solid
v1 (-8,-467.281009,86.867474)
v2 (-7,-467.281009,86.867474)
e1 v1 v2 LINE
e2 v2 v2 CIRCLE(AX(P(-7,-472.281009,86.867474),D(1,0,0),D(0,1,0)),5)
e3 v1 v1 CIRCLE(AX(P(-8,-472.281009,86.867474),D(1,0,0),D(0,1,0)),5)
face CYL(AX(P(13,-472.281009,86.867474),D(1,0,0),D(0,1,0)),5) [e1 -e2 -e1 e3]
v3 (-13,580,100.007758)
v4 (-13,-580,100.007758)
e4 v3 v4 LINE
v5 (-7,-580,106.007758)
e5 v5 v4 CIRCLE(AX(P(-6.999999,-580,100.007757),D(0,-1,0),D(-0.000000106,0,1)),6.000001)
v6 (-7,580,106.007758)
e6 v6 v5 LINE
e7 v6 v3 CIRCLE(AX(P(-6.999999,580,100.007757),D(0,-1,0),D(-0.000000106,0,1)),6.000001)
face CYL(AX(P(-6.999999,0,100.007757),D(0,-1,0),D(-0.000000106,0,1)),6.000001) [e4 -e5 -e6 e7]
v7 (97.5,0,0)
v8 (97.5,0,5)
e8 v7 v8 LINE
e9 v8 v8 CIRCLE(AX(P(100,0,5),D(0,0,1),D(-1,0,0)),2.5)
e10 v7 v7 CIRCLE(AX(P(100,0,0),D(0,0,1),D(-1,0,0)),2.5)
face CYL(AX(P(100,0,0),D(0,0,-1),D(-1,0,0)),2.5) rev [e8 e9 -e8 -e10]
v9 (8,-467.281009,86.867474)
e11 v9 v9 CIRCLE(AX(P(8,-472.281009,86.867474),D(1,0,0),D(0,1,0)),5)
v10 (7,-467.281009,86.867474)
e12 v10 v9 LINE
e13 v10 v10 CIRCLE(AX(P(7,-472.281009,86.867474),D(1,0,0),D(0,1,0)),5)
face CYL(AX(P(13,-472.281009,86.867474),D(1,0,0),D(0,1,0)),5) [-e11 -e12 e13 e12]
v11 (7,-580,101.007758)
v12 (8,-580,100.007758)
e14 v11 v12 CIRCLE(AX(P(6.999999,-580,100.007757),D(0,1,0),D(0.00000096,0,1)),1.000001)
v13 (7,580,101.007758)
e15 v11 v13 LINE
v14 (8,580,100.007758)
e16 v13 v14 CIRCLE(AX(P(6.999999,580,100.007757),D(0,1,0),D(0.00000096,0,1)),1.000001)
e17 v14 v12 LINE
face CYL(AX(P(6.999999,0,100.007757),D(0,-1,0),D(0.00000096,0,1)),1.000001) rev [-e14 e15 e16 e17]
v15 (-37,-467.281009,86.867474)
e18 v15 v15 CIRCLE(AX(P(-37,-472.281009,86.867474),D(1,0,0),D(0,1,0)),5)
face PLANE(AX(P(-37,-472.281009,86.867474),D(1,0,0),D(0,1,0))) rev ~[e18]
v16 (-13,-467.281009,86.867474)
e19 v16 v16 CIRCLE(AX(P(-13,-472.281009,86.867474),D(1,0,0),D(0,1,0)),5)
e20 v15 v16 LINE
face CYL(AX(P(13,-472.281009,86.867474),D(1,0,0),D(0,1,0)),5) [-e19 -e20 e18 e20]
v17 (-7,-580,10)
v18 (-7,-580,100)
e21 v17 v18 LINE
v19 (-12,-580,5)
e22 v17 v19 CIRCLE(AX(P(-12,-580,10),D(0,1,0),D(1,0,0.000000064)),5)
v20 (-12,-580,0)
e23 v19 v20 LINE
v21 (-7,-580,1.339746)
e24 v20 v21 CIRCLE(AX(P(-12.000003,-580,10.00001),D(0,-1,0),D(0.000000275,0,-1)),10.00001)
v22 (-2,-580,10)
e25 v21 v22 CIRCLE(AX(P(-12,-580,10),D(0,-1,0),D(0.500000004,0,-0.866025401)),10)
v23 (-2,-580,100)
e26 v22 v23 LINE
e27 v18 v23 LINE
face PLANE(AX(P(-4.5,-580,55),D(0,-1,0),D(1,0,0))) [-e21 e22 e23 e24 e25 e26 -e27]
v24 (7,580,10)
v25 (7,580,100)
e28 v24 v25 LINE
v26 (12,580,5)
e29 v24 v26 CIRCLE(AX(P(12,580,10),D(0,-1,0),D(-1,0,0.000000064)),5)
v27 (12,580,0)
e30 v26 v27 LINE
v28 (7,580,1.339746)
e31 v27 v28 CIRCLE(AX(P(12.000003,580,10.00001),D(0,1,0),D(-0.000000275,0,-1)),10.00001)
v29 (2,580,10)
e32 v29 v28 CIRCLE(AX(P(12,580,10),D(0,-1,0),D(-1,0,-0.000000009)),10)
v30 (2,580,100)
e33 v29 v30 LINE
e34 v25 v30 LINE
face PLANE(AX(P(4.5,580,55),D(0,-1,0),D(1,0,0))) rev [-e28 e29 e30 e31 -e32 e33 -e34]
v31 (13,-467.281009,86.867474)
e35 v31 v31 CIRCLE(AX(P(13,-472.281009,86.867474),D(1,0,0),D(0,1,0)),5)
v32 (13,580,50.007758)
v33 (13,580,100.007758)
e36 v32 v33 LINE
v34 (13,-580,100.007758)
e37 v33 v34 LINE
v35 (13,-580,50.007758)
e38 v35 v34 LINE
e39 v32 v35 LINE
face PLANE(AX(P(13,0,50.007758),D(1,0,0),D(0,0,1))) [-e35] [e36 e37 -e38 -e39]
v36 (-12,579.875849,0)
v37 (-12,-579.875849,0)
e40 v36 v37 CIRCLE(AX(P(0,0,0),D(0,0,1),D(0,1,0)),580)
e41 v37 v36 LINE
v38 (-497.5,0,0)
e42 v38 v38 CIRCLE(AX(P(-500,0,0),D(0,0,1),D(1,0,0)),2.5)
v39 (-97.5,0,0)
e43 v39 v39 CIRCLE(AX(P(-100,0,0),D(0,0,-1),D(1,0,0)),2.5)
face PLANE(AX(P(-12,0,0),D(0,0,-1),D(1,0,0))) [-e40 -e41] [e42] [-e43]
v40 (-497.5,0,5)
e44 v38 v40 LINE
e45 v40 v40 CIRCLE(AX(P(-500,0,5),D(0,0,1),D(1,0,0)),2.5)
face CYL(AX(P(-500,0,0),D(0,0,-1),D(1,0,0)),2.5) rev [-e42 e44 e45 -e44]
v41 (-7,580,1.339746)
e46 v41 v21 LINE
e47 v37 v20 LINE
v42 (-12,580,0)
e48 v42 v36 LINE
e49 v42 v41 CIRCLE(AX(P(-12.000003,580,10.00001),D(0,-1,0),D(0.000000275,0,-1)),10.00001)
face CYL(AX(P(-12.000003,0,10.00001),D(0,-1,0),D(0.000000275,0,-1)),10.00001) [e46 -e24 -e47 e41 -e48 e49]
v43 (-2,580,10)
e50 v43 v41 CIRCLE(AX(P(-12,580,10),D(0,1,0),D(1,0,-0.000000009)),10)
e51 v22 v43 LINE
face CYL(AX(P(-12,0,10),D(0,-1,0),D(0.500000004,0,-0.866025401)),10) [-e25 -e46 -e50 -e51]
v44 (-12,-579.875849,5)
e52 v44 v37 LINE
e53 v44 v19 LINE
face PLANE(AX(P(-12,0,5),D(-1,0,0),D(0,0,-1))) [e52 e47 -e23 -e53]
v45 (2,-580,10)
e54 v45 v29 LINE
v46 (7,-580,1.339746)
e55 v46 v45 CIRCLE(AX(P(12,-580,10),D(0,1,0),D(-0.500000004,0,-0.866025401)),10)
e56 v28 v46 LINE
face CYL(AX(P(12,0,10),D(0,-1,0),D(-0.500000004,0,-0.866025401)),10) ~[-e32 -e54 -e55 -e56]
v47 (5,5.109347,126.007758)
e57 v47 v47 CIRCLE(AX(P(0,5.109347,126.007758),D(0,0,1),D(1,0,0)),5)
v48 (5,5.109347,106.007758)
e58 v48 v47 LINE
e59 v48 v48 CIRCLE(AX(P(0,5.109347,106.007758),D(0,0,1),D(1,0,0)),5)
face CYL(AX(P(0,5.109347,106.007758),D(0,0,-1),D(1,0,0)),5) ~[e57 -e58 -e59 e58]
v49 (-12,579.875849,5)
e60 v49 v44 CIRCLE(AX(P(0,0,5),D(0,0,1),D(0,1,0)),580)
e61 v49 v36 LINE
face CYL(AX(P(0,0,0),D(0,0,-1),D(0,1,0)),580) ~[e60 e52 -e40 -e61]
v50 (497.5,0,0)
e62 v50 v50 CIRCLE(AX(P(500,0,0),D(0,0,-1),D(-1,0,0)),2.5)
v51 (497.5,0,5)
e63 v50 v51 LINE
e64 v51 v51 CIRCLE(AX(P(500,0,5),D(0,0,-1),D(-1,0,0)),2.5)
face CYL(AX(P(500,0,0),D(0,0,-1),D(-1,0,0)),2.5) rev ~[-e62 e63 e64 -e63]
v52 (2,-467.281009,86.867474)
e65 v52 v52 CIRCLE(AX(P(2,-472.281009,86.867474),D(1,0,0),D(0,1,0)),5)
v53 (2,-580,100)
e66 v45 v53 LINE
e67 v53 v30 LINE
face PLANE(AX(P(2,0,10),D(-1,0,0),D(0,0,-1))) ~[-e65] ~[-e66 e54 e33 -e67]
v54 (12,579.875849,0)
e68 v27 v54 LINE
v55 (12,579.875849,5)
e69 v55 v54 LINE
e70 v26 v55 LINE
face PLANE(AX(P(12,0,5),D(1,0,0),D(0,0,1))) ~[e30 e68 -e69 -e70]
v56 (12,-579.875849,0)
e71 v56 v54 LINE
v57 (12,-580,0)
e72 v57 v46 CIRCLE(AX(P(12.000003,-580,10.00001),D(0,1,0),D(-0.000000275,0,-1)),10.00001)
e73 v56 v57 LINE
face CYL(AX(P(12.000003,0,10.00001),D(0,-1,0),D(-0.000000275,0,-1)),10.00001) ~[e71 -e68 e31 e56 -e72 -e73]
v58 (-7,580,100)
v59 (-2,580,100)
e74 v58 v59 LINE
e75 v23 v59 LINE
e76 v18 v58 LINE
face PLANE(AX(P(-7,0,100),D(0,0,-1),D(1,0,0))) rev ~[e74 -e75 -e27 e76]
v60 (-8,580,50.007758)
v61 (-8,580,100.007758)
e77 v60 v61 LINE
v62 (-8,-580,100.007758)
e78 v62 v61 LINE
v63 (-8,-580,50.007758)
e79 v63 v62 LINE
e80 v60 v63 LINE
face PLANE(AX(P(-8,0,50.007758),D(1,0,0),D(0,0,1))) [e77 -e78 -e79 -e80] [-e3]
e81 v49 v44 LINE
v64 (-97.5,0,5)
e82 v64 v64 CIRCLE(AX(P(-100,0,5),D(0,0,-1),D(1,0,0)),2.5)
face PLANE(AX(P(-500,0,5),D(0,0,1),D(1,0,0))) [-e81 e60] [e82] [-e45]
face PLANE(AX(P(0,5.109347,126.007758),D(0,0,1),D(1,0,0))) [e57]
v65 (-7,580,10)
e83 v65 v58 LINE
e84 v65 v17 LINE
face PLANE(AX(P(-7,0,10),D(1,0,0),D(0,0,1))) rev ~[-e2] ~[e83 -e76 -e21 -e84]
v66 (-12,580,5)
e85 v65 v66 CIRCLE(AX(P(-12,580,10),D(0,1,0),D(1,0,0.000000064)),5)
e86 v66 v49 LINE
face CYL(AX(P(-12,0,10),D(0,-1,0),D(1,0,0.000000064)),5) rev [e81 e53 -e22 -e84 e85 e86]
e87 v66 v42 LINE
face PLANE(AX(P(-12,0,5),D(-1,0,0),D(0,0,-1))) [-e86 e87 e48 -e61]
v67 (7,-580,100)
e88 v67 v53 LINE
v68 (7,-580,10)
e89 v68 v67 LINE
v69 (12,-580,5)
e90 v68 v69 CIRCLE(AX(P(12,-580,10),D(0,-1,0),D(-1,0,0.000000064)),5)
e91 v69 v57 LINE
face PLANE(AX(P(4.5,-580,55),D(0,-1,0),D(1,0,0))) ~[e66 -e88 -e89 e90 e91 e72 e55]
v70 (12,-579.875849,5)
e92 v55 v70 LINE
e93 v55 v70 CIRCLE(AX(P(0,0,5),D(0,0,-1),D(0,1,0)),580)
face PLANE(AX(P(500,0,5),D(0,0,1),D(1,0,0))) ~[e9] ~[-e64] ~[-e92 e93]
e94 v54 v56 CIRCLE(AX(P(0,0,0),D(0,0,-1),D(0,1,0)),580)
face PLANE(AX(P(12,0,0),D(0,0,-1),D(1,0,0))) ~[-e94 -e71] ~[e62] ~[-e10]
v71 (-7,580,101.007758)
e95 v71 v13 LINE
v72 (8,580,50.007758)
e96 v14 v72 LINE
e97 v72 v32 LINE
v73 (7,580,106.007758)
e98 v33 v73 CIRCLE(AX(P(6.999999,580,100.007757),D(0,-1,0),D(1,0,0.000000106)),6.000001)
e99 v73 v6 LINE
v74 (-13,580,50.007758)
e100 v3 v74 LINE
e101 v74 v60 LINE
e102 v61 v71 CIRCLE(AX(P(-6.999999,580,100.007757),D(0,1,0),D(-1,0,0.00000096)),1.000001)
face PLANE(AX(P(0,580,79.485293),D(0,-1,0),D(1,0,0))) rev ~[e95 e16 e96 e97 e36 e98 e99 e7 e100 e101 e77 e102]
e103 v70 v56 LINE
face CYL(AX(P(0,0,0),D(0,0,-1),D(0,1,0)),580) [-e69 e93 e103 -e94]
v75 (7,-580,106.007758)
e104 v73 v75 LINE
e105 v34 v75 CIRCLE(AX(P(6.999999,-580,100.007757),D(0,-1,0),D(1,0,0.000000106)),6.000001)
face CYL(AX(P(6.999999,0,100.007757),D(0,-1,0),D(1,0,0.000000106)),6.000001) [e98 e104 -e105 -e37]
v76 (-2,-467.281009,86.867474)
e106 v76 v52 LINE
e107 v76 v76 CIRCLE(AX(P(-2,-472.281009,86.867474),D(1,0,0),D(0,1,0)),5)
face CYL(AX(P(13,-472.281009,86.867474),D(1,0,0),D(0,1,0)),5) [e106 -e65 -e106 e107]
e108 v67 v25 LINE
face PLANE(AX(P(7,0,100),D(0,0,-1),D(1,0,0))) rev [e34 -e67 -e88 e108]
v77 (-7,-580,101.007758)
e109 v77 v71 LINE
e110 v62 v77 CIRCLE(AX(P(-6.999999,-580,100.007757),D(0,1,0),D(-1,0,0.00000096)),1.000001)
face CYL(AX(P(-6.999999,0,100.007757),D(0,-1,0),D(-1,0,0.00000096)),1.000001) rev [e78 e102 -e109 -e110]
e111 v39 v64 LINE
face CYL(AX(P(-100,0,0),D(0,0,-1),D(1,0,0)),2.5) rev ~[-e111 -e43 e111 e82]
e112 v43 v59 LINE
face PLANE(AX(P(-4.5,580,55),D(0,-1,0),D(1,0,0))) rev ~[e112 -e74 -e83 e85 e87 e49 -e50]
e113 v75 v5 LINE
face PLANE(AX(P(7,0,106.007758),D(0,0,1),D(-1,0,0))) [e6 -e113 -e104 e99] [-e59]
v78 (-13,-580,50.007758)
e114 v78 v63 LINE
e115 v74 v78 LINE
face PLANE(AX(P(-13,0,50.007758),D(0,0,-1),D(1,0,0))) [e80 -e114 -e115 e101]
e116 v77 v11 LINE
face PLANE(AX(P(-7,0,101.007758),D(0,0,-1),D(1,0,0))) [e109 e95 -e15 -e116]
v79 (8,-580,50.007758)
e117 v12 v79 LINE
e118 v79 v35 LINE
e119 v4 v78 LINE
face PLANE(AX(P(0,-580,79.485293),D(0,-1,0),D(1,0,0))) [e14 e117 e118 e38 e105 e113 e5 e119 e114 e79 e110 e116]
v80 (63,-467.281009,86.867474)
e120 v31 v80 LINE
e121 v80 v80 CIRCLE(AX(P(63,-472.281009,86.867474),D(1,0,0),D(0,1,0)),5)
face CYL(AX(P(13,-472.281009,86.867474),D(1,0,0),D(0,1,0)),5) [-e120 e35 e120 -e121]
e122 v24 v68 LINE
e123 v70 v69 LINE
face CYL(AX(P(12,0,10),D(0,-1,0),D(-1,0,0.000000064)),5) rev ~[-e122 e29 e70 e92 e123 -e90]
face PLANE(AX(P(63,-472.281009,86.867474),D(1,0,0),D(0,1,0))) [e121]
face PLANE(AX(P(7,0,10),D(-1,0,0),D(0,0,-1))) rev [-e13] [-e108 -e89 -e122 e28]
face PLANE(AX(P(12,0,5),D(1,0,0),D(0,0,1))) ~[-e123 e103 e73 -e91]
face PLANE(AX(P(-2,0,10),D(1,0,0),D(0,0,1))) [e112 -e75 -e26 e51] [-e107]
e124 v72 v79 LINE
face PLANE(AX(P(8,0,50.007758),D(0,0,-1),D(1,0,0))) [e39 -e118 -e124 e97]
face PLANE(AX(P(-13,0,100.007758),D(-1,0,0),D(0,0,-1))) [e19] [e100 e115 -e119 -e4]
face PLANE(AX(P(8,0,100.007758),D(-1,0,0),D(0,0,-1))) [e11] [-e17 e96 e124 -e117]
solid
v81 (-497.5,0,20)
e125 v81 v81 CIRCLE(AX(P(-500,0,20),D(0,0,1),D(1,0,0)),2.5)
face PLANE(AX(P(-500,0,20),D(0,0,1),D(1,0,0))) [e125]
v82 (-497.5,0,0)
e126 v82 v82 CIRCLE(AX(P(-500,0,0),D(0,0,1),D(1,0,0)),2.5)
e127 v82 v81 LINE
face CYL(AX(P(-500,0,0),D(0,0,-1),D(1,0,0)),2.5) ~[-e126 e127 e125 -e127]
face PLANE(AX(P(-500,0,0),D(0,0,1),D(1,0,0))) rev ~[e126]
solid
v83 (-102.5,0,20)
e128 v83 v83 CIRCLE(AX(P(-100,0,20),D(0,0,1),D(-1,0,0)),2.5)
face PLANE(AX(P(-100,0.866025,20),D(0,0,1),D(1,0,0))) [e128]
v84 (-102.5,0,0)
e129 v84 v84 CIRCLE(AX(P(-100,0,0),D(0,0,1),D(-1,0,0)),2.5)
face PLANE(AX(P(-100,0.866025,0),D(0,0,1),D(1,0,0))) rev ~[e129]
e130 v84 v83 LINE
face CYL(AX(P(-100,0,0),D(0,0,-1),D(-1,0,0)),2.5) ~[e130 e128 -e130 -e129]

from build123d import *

# Parameters (mm, degrees)
F0_R      = 2.5
F1_DEPTH  = 5
F2_W      = 5
F2_H      = 90
F3_DEPTH  = 580
F1_FACE_W = 1160
F1_FACE_H = 5
F4_DEPTH  = 12
F5_DEPTH  = 580
F8_DEPTH  = 580
F9_DEPTH  = 20
F10_DEPTH = 20
F11_R     = 5
F12_DEPTH = 20
F13_R     = 5
F14_DEPTH = 50


with BuildPart() as f1:
    # F0 (on Top) → F1 (new body)
    with BuildSketch(Plane.XY):
        with Locations((-500, 0)):
            Circle(F0_R)
        with BuildLine():
            Line((0, 0), (0, 580))
            ThreePointArc((0, 580), (-580, 0), (0, -580))
            Line((0, -580), (0, 0))
        make_face()
        with Locations((-500, 0)):
            Circle(F0_R, mode=Mode.SUBTRACT)
        with BuildLine():
            ThreePointArc((-102.5, 0), (-100, 2.5), (-97.5, 0))
            ThreePointArc((-97.5, 0), (-100, -2.5), (-102.5, 0))
        make_face(mode=Mode.SUBTRACT)
    extrude(amount=F1_DEPTH)

    # F2 (on Front) → F3 (join, symmetric)
    with BuildSketch(Plane.XZ):
        with Locations((-4.5, 55)):
            Rectangle(F2_W, F2_H)
        with BuildLine():
            Line((-2, 10), (-7, 10))
            ThreePointArc((-7, 10), (-8.464466, 6.464466), (-12, 5))
            Line((-12, 5), (-12, 0))
            ThreePointArc((-12, 0), (-9.41181, 0.340742), (-7, 1.339746))
            ThreePointArc((-7, 1.339746), (-3.339746, 5), (-2, 10))
        make_face()
        with BuildLine():
            Line((-7, 0), (-7, 1.339746))
            ThreePointArc((-7, 1.339746), (-9.41181, 0.340742), (-12, 0))
            Line((-12, 0), (-7, 0))
        make_face()
    extrude(amount=F3_DEPTH, both=True)

    # F1_face (on face) → F4 (cut)
    with BuildSketch(Plane(origin=(0, 0, 2.5), x_dir=(0, 1, 0), z_dir=(1, 0, 0))):
        Rectangle(F1_FACE_W, F1_FACE_H)
    extrude(amount=-F4_DEPTH, mode=Mode.SUBTRACT)

    # F2 (on Front) → F5 (join, symmetric)
    with BuildSketch(Plane.XZ):
        with BuildLine():
            Line((-2, 10), (-7, 10))
            ThreePointArc((-7, 10), (-8.464466, 6.464466), (-12, 5))
            Line((-12, 5), (-12, 0))
            ThreePointArc((-12, 0), (-9.41181, 0.340742), (-7, 1.339746))
            ThreePointArc((-7, 1.339746), (-3.339746, 5), (-2, 10))
        make_face()
        with Locations((-4.5, 55)):
            Rectangle(F2_W, F2_H)
    extrude(amount=F5_DEPTH, both=True)



with BuildPart() as f6_1:
    # F6: instance of F1
    add(f1.part.mirror(Plane.YZ))


with BuildPart() as f8:
    # F7 (on Front) → F8 (new body, symmetric)
    with BuildSketch(Plane.XZ):
        with BuildLine():
            ThreePointArc((7, 101.007758), (7.707107, 100.714864), (8, 100.007758))
            Line((8, 100.007758), (8, 50.007758))
            Line((8, 50.007758), (13, 50.007758))
            Line((13, 50.007758), (13, 100.007758))
            ThreePointArc((13, 100.007758), (11.242641, 104.250398), (7, 106.007758))
            Line((7, 106.007758), (0, 106.007758))
            Line((0, 106.007758), (-7, 106.007758))
            ThreePointArc((-7, 106.007758), (-11.242641, 104.250398), (-13, 100.007758))
            Line((-13, 100.007758), (-13, 50.007758))
            Line((-13, 50.007758), (-8, 50.007758))
            Line((-8, 50.007758), (-8, 100.007758))
            ThreePointArc((-8, 100.007758), (-7.707107, 100.714864), (-7, 101.007758))
            Line((-7, 101.007758), (0, 101.007758))
            Line((0, 101.007758), (7, 101.007758))
        make_face()
    extrude(amount=F8_DEPTH, both=True)

    # F11 (on face) → F12 (join)
    with BuildSketch(Plane.XY.offset(106.007758)):
        with Locations((0, 5.109347)):
            Circle(F11_R)
    extrude(amount=F12_DEPTH)


with BuildPart() as f9:
    # F0 (on Top) → F9 (new body)
    with BuildSketch(Plane.XY):
        with Locations((-500, 0)):
            Circle(F0_R)
    extrude(amount=F9_DEPTH)


with BuildPart() as f10:
    # F0 (on Top) → F10 (new body)
    with BuildSketch(Plane.XY):
        with BuildLine():
            Line((-100, 0), (-97.5, 0))
            ThreePointArc((-97.5, 0), (-100, 2.5), (-102.5, 0))
            Line((-102.5, 0), (-100, 0))
        make_face()
        with BuildLine():
            ThreePointArc((-102.5, 0), (-100, -2.5), (-97.5, 0))
            Line((-97.5, 0), (-100, 0))
            Line((-100, 0), (-102.5, 0))
        make_face()
    extrude(amount=F10_DEPTH)


with BuildPart() as f1_1:
    add(f1.part)

    add(f6_1.part)  # F14 merges F6_1

    add(f8.part)  # F14 merges F8
    # F13 (on face) → F14 (join, symmetric)
    with BuildSketch(Plane.YZ.offset(13)):
        with Locations((-472.281009, 86.867474)):
            Circle(F13_R)
    extrude(amount=F14_DEPTH, both=True)


solid = Compound([f9.part, f10.part, f1_1.part])
